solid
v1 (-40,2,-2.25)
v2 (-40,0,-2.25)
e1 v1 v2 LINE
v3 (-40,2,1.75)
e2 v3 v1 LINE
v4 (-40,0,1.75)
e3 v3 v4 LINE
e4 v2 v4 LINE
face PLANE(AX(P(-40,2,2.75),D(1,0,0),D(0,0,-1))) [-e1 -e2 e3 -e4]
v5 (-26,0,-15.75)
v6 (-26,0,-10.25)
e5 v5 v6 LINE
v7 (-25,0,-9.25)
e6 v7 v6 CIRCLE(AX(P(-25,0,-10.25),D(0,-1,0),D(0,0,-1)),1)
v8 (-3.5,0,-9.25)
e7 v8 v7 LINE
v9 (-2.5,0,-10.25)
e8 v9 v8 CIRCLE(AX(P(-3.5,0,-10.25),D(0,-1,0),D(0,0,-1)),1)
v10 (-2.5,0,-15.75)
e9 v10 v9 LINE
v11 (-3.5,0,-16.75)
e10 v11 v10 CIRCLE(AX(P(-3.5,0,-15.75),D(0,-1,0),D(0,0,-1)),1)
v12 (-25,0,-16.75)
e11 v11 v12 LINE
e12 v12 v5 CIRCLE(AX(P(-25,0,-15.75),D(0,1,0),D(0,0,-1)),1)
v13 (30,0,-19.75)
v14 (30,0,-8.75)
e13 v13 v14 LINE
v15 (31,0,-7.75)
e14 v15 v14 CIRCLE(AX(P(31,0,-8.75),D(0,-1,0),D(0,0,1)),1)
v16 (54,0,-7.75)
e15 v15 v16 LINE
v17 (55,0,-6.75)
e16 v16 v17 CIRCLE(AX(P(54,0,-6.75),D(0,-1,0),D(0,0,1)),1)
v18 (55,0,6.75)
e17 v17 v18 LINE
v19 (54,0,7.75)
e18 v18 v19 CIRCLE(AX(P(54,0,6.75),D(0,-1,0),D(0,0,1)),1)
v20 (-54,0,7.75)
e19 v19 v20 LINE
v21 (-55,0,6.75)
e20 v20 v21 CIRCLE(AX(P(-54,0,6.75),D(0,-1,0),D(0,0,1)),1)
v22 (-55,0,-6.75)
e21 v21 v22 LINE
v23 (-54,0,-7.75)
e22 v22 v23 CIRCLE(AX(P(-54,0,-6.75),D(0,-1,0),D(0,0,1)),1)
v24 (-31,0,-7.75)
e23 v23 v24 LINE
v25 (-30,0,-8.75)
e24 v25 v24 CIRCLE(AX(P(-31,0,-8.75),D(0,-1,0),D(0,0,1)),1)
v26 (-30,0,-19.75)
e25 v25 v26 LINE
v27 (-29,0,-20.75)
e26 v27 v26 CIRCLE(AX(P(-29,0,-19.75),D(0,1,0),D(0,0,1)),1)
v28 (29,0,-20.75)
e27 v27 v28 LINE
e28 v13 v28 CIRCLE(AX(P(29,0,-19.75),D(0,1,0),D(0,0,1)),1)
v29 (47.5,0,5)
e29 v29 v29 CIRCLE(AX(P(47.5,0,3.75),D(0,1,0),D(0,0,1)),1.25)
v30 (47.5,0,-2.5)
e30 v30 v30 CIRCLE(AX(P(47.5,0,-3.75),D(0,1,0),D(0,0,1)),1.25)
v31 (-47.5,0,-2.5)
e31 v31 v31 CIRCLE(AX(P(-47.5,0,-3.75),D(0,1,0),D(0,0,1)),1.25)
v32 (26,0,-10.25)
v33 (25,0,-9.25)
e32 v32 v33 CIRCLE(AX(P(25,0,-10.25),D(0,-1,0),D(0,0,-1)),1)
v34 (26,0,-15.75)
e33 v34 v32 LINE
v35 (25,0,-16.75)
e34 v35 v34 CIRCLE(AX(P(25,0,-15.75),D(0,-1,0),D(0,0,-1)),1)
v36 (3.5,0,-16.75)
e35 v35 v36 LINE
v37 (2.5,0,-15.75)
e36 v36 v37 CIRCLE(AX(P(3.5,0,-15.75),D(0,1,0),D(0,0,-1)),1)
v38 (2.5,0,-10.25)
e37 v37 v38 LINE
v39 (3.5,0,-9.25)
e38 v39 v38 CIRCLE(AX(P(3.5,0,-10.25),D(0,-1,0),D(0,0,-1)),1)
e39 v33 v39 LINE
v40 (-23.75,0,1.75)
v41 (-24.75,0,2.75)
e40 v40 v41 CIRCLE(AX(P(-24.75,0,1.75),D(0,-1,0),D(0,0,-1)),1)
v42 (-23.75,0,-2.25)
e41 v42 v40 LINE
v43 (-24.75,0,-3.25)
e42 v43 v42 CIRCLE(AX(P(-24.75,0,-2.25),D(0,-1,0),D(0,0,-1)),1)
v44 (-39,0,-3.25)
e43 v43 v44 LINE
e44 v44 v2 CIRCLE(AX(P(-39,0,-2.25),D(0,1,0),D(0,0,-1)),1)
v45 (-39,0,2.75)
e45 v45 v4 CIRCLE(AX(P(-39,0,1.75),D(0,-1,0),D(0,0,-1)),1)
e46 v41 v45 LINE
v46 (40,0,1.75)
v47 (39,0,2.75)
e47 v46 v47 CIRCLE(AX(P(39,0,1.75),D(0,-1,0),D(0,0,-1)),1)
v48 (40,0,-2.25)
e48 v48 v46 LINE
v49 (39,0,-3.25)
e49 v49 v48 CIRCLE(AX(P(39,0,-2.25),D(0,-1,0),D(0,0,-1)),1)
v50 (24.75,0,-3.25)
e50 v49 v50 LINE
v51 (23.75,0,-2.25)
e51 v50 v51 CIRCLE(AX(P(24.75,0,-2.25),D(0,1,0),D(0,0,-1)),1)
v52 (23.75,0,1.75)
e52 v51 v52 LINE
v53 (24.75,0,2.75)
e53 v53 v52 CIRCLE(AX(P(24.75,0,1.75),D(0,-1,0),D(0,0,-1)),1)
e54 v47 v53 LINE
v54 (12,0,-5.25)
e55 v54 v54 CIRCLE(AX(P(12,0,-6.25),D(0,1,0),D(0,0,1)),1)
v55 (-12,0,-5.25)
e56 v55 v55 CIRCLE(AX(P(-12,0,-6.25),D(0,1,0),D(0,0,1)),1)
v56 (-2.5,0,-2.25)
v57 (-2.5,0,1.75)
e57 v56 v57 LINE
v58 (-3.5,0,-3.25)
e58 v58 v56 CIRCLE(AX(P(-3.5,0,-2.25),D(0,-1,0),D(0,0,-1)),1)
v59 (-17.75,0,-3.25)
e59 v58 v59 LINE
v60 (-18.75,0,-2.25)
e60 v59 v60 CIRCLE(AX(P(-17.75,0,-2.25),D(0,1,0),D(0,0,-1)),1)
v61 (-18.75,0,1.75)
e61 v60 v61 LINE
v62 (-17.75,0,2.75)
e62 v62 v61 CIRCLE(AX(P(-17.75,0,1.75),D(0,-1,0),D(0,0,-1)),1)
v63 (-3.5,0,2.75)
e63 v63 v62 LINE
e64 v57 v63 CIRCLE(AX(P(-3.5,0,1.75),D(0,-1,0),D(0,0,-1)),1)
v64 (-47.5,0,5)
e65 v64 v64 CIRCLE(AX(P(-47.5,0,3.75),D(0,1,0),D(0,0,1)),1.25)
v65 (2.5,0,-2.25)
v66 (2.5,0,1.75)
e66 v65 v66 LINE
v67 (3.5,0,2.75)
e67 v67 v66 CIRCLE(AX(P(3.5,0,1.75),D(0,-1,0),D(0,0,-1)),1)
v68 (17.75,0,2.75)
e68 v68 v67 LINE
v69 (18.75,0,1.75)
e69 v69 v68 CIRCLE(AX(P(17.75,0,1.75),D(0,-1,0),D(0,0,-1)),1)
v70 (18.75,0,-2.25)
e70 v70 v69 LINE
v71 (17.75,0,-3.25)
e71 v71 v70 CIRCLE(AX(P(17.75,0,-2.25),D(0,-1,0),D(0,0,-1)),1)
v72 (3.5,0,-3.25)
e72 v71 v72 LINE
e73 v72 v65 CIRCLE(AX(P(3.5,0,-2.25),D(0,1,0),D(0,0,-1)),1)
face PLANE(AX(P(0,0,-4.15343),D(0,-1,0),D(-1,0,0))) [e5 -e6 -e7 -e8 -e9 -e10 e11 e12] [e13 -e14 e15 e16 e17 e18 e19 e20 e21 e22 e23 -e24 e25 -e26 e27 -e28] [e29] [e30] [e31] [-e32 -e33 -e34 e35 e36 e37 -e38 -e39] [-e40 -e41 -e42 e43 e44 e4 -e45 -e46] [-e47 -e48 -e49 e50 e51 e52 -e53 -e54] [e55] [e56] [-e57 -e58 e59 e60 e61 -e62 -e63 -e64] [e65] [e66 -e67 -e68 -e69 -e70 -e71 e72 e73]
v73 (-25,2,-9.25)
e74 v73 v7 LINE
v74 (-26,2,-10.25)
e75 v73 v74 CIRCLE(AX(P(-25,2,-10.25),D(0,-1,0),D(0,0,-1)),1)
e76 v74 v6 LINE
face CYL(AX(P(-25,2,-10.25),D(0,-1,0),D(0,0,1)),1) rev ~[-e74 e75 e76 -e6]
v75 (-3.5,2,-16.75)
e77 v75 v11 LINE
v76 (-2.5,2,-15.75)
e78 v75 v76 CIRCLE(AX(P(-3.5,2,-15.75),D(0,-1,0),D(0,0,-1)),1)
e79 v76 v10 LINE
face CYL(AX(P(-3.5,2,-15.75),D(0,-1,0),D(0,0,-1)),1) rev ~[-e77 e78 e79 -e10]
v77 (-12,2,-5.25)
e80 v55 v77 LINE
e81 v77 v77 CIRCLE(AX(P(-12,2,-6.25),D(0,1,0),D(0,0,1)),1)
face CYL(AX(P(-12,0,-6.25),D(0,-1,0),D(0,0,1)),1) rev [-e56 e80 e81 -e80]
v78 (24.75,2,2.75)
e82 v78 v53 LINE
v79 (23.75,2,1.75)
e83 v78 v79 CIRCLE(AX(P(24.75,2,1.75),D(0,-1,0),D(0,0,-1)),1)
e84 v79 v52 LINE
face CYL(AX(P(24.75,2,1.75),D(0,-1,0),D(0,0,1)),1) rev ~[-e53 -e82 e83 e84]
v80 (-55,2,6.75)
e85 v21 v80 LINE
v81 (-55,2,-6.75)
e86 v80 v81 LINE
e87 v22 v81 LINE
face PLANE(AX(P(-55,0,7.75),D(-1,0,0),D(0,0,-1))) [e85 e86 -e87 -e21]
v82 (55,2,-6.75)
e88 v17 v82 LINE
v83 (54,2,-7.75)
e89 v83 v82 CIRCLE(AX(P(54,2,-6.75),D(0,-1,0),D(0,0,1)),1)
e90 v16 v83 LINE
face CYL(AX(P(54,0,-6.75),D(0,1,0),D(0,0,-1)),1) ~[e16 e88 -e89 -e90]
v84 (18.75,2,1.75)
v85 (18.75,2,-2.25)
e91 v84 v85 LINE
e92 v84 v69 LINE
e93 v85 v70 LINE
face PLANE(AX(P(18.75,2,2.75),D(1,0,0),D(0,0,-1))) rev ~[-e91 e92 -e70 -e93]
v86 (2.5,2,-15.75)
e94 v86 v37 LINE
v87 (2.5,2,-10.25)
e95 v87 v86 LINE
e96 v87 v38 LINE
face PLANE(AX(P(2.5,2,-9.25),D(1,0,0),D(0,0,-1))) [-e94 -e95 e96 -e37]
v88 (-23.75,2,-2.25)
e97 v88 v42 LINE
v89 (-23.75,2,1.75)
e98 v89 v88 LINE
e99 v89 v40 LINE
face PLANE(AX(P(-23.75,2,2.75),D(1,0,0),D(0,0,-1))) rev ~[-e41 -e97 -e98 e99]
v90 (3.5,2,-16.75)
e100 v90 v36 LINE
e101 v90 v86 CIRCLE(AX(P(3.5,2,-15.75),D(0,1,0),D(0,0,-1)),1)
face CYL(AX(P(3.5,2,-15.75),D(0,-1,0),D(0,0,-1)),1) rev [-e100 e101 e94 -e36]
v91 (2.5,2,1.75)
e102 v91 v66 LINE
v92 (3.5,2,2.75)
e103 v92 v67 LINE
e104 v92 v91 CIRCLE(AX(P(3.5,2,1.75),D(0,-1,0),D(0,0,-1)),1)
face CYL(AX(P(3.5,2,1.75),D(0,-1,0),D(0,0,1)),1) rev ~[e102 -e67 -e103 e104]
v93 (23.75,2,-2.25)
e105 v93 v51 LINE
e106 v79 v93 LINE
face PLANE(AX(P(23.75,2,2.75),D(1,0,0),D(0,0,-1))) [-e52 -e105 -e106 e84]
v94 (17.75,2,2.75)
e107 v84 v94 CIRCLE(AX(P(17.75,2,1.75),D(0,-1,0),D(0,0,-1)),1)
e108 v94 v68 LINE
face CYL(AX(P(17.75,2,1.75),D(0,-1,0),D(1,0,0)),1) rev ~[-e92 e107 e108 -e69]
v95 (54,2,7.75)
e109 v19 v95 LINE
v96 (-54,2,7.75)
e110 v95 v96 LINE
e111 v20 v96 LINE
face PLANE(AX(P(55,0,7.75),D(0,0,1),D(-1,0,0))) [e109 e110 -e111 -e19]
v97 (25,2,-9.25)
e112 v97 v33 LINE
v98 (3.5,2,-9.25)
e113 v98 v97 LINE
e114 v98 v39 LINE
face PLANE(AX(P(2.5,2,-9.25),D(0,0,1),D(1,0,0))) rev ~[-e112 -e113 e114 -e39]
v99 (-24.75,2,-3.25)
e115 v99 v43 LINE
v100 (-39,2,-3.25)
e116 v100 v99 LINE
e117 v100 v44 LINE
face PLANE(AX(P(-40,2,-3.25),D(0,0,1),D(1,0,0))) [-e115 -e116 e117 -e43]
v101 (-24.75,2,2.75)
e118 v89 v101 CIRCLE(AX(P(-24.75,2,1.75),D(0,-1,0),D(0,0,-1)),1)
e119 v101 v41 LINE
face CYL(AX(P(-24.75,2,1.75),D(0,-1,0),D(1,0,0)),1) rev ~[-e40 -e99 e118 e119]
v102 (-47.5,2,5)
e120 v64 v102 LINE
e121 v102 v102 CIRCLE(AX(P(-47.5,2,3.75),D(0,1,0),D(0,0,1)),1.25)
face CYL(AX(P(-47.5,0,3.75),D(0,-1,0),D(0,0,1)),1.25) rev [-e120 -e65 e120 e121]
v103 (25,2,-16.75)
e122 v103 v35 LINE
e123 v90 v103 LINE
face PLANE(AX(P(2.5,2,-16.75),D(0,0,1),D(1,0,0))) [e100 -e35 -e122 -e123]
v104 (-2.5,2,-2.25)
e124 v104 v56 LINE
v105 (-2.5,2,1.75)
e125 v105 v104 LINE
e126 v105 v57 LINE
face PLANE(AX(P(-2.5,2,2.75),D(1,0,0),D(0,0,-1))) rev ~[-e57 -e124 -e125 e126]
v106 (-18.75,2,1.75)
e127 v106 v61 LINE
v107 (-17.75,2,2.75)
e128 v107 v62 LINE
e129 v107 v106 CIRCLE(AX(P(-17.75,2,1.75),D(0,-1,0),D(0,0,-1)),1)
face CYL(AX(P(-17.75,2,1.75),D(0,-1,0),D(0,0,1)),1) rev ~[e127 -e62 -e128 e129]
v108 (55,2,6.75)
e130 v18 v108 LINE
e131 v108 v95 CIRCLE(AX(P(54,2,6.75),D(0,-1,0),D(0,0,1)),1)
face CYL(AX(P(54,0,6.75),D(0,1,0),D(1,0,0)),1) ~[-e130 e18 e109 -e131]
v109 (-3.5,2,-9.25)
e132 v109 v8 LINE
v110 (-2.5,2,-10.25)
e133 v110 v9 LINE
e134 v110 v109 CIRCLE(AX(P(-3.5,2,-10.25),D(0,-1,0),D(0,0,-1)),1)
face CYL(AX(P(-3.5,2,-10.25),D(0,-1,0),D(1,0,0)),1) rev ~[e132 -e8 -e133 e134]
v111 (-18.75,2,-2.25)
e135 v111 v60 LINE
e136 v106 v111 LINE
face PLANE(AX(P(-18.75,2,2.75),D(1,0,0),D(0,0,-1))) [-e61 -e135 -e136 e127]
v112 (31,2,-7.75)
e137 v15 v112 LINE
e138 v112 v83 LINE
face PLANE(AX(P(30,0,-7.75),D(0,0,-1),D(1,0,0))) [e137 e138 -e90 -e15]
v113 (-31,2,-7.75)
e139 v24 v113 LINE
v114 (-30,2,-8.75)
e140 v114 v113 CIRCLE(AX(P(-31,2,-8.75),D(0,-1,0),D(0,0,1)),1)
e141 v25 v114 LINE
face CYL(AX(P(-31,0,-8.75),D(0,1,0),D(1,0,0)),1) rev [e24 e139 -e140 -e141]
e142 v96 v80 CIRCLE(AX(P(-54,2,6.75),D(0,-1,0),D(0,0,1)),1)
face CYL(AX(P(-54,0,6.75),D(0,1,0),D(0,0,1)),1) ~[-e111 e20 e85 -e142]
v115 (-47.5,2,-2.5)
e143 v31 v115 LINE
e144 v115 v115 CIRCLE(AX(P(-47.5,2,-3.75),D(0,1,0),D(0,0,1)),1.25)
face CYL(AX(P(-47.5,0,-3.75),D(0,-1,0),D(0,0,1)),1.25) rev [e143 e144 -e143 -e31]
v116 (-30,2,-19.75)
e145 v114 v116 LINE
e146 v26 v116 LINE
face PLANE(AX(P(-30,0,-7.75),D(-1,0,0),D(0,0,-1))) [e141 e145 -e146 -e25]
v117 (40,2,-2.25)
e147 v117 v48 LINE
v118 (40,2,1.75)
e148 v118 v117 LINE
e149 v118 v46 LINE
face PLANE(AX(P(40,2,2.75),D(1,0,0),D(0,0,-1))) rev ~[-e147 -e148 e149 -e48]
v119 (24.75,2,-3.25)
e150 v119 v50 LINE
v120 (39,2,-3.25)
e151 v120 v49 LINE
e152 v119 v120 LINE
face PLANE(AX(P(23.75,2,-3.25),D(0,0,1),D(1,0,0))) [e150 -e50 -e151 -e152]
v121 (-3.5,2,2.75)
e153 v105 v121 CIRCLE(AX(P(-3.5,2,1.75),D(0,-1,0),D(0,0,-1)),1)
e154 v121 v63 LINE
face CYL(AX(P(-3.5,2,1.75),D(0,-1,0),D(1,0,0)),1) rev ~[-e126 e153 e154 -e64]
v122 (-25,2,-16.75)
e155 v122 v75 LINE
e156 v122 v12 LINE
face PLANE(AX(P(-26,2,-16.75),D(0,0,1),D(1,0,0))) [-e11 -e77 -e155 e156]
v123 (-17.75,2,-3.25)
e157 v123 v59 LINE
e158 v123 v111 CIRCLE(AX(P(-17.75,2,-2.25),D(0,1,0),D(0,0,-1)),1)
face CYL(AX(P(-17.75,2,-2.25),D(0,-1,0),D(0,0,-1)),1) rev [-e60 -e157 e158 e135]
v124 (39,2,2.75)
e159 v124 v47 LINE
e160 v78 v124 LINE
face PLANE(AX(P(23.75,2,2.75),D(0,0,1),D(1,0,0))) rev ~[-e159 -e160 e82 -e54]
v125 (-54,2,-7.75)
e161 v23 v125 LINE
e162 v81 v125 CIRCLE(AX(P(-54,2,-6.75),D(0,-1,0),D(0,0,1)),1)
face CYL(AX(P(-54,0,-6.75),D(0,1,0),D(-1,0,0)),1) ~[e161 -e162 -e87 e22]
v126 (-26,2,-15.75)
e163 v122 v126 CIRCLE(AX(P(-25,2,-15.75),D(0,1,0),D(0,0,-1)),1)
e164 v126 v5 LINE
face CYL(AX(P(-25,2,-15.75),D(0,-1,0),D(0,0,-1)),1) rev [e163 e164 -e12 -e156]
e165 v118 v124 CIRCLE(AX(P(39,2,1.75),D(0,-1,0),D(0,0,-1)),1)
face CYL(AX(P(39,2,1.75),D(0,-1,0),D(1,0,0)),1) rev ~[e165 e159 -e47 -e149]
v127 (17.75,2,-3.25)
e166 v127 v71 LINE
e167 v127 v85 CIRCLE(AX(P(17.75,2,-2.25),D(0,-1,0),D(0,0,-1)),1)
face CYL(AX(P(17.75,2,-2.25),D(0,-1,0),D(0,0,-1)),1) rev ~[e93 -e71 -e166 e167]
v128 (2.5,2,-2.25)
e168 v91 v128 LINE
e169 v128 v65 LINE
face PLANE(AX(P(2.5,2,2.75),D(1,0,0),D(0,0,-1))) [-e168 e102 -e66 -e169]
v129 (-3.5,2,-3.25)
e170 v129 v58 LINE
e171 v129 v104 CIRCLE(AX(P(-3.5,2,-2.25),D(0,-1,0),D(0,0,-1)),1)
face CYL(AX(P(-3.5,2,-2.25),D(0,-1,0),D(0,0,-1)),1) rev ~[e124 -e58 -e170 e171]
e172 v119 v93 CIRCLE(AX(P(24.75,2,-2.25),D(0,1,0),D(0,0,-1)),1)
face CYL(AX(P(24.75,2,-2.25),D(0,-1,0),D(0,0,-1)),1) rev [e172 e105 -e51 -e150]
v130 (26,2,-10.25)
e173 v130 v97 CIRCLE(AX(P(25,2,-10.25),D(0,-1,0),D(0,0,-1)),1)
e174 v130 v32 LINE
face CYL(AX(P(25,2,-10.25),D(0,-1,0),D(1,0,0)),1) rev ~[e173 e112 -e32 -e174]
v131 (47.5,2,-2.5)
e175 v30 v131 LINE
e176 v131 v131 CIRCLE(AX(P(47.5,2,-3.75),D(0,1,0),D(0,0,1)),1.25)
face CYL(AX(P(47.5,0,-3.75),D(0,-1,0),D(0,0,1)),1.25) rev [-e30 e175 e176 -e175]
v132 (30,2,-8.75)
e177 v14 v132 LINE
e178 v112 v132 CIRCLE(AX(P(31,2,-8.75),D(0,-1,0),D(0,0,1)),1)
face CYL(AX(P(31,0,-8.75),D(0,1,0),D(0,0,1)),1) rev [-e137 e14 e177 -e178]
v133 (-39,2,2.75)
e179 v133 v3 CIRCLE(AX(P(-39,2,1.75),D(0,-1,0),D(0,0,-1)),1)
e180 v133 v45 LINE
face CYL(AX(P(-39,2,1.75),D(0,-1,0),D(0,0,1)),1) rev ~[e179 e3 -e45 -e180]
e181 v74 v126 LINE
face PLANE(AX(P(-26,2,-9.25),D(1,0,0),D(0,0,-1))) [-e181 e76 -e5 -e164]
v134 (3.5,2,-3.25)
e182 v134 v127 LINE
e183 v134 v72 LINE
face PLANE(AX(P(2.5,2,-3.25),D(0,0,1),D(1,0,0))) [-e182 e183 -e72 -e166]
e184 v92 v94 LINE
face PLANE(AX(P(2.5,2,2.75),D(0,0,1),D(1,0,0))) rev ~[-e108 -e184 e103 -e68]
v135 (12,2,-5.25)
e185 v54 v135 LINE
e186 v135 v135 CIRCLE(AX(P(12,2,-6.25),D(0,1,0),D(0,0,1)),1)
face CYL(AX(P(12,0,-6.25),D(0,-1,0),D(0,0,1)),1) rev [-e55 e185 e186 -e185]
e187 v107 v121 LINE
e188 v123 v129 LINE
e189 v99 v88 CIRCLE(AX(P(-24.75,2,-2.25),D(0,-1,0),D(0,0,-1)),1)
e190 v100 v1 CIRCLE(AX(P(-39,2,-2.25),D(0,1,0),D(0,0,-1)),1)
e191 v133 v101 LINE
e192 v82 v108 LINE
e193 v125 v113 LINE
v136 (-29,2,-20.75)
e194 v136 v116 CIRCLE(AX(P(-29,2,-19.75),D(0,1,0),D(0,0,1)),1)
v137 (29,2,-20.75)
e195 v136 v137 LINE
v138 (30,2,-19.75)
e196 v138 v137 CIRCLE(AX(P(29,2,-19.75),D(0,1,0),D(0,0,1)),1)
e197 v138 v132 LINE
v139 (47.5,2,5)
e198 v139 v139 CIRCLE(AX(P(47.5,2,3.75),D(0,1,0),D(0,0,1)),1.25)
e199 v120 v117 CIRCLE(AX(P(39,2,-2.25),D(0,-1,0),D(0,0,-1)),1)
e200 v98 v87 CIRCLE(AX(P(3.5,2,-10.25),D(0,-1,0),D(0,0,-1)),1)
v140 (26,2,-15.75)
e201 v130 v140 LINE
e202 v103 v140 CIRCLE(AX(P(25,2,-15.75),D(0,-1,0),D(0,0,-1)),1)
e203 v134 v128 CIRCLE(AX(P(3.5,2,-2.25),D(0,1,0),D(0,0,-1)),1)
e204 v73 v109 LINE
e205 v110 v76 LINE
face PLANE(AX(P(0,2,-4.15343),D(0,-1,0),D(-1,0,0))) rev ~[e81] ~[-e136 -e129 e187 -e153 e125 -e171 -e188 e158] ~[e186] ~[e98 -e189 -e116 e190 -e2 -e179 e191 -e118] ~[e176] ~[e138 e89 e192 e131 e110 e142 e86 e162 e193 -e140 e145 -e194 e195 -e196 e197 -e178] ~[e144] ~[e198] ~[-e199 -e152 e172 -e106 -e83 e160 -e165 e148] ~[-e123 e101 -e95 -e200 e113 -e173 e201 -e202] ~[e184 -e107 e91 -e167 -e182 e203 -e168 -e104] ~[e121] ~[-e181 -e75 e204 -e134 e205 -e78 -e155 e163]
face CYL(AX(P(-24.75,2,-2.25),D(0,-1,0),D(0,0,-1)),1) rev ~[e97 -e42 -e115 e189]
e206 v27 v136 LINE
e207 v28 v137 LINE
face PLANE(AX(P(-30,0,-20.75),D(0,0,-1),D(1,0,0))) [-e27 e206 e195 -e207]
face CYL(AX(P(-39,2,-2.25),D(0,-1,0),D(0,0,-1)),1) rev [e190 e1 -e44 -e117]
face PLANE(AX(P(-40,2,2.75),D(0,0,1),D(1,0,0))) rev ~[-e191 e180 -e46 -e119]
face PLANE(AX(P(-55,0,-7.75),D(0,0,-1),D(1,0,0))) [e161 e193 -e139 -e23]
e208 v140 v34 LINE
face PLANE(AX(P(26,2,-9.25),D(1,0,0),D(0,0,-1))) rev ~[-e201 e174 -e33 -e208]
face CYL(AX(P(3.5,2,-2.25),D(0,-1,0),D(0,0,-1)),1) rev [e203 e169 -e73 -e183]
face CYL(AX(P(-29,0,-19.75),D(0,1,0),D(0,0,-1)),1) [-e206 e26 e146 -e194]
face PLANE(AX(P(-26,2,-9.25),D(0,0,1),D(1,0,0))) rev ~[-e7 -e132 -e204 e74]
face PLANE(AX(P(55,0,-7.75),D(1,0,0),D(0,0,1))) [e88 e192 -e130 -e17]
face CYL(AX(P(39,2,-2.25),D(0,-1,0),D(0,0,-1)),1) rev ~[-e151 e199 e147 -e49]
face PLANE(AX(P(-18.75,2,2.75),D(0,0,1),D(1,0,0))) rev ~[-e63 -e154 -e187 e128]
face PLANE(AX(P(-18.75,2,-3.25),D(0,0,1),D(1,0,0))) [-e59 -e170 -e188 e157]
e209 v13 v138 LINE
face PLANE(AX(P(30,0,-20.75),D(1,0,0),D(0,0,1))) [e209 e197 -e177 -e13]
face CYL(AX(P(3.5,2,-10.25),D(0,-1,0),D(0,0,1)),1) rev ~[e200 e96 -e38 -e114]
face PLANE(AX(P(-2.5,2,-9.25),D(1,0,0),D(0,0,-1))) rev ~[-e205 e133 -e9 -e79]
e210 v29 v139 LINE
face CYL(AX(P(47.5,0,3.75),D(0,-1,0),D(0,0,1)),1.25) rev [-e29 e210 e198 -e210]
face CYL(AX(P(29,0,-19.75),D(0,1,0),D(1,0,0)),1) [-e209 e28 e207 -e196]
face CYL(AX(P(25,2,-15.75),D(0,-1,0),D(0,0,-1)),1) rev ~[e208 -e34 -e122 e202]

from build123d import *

# Parameters (mm, degrees)
SKETCH_1_R          = 1.25
SKETCH_1_R_2        = 1
EXTRUDE_1_DEPTH     = 2
SKETCH_2_W          = 16.25
SKETCH_2_H          = 6
SKETCH_2_W_2        = 23.5
SKETCH_2_H_2        = 7.5
CUT_EXTRUDE_1_DEPTH = 59.8180457
FILLET_1_R          = 1


with BuildPart() as part:
    # 草图1 → 凸台-拉伸1 (new body)
    with BuildSketch(Plane(origin=(0, 0, 0), x_dir=(1, 0, 0), z_dir=(0, 1, 0))):
        Polygon((30, 7.75), (55, 7.75), (55, -7.75), (-55, -7.75), (-55, 7.75), (-30, 7.75), (-30, 20.75), (30, 20.75), align=None)
        with Locations(Location((-47.5, 3.75, 0), (0, 0, 270))):
            Circle(SKETCH_1_R, mode=Mode.SUBTRACT)
        with Locations(Location((-47.5, -3.75, 0), (0, 0, 270))):
            Circle(SKETCH_1_R, mode=Mode.SUBTRACT)
        with Locations(Location((47.5, 3.75, 0), (0, 0, 270))):
            Circle(SKETCH_1_R, mode=Mode.SUBTRACT)
        with Locations(Location((47.5, -3.75, 0), (0, 0, 270))):
            Circle(SKETCH_1_R, mode=Mode.SUBTRACT)
        with Locations(Location((-12, 6.25, 0), (0, 0, 270))):
            Circle(SKETCH_1_R_2, mode=Mode.SUBTRACT)
        with Locations(Location((12, 6.25, 0), (0, 0, 270))):
            Circle(SKETCH_1_R_2, mode=Mode.SUBTRACT)
    extrude(amount=EXTRUDE_1_DEPTH)

    # 草图2 → 切除-拉伸1 (cut, through all)
    with BuildSketch(Plane(origin=(0, 2, 0), x_dir=(1, 0, 0), z_dir=(0, 1, 0))):
        with Locations((-31.875, 0.25)):
            Rectangle(SKETCH_2_W, SKETCH_2_H)
        with Locations((-10.625, 0.25)):
            Rectangle(SKETCH_2_W, SKETCH_2_H)
        with Locations((10.625, 0.25)):
            Rectangle(SKETCH_2_W, SKETCH_2_H)
        with Locations((31.875, 0.25)):
            Rectangle(SKETCH_2_W, SKETCH_2_H)
        with Locations((-14.25, 13)):
            Rectangle(SKETCH_2_W_2, SKETCH_2_H_2)
        with Locations((14.25, 13)):
            Rectangle(SKETCH_2_W_2, SKETCH_2_H_2)
    extrude(amount=-CUT_EXTRUDE_1_DEPTH, mode=Mode.SUBTRACT)

    # 圆角1
    fillet_1_edges = [part.edges().sort_by_distance(p)[0] for p in [
        (-40, 1, 2.75),
        (-40, 1, -3.25),
        (-23.75, 1, -3.25),
        (-23.75, 1, 2.75),
        (-55, 1, -7.75),
        (-30, 1, -7.75),
        (-30, 1, -20.75),
        (30, 1, -20.75),
        (30, 1, -7.75),
        (55, 1, -7.75),
        (55, 1, 7.75),
        (-55, 1, 7.75),
        (40, 1, 2.75),
        (23.75, 1, 2.75),
        (23.75, 1, -3.25),
        (40, 1, -3.25),
        (-26, 1, -9.25),
        (-26, 1, -16.75),
        (-2.5, 1, -16.75),
        (-2.5, 1, -9.25),
        (2.5, 1, -16.75),
        (26, 1, -16.75),
        (26, 1, -9.25),
        (2.5, 1, -9.25),
        (-18.75, 1, 2.75),
        (-18.75, 1, -3.25),
        (-2.5, 1, -3.25),
        (-2.5, 1, 2.75),
        (18.75, 1, -3.25),
        (18.75, 1, 2.75),
        (2.5, 1, 2.75),
        (2.5, 1, -3.25),
    ]]
    fillet(fillet_1_edges, radius=FILLET_1_R)


solid = part.part
